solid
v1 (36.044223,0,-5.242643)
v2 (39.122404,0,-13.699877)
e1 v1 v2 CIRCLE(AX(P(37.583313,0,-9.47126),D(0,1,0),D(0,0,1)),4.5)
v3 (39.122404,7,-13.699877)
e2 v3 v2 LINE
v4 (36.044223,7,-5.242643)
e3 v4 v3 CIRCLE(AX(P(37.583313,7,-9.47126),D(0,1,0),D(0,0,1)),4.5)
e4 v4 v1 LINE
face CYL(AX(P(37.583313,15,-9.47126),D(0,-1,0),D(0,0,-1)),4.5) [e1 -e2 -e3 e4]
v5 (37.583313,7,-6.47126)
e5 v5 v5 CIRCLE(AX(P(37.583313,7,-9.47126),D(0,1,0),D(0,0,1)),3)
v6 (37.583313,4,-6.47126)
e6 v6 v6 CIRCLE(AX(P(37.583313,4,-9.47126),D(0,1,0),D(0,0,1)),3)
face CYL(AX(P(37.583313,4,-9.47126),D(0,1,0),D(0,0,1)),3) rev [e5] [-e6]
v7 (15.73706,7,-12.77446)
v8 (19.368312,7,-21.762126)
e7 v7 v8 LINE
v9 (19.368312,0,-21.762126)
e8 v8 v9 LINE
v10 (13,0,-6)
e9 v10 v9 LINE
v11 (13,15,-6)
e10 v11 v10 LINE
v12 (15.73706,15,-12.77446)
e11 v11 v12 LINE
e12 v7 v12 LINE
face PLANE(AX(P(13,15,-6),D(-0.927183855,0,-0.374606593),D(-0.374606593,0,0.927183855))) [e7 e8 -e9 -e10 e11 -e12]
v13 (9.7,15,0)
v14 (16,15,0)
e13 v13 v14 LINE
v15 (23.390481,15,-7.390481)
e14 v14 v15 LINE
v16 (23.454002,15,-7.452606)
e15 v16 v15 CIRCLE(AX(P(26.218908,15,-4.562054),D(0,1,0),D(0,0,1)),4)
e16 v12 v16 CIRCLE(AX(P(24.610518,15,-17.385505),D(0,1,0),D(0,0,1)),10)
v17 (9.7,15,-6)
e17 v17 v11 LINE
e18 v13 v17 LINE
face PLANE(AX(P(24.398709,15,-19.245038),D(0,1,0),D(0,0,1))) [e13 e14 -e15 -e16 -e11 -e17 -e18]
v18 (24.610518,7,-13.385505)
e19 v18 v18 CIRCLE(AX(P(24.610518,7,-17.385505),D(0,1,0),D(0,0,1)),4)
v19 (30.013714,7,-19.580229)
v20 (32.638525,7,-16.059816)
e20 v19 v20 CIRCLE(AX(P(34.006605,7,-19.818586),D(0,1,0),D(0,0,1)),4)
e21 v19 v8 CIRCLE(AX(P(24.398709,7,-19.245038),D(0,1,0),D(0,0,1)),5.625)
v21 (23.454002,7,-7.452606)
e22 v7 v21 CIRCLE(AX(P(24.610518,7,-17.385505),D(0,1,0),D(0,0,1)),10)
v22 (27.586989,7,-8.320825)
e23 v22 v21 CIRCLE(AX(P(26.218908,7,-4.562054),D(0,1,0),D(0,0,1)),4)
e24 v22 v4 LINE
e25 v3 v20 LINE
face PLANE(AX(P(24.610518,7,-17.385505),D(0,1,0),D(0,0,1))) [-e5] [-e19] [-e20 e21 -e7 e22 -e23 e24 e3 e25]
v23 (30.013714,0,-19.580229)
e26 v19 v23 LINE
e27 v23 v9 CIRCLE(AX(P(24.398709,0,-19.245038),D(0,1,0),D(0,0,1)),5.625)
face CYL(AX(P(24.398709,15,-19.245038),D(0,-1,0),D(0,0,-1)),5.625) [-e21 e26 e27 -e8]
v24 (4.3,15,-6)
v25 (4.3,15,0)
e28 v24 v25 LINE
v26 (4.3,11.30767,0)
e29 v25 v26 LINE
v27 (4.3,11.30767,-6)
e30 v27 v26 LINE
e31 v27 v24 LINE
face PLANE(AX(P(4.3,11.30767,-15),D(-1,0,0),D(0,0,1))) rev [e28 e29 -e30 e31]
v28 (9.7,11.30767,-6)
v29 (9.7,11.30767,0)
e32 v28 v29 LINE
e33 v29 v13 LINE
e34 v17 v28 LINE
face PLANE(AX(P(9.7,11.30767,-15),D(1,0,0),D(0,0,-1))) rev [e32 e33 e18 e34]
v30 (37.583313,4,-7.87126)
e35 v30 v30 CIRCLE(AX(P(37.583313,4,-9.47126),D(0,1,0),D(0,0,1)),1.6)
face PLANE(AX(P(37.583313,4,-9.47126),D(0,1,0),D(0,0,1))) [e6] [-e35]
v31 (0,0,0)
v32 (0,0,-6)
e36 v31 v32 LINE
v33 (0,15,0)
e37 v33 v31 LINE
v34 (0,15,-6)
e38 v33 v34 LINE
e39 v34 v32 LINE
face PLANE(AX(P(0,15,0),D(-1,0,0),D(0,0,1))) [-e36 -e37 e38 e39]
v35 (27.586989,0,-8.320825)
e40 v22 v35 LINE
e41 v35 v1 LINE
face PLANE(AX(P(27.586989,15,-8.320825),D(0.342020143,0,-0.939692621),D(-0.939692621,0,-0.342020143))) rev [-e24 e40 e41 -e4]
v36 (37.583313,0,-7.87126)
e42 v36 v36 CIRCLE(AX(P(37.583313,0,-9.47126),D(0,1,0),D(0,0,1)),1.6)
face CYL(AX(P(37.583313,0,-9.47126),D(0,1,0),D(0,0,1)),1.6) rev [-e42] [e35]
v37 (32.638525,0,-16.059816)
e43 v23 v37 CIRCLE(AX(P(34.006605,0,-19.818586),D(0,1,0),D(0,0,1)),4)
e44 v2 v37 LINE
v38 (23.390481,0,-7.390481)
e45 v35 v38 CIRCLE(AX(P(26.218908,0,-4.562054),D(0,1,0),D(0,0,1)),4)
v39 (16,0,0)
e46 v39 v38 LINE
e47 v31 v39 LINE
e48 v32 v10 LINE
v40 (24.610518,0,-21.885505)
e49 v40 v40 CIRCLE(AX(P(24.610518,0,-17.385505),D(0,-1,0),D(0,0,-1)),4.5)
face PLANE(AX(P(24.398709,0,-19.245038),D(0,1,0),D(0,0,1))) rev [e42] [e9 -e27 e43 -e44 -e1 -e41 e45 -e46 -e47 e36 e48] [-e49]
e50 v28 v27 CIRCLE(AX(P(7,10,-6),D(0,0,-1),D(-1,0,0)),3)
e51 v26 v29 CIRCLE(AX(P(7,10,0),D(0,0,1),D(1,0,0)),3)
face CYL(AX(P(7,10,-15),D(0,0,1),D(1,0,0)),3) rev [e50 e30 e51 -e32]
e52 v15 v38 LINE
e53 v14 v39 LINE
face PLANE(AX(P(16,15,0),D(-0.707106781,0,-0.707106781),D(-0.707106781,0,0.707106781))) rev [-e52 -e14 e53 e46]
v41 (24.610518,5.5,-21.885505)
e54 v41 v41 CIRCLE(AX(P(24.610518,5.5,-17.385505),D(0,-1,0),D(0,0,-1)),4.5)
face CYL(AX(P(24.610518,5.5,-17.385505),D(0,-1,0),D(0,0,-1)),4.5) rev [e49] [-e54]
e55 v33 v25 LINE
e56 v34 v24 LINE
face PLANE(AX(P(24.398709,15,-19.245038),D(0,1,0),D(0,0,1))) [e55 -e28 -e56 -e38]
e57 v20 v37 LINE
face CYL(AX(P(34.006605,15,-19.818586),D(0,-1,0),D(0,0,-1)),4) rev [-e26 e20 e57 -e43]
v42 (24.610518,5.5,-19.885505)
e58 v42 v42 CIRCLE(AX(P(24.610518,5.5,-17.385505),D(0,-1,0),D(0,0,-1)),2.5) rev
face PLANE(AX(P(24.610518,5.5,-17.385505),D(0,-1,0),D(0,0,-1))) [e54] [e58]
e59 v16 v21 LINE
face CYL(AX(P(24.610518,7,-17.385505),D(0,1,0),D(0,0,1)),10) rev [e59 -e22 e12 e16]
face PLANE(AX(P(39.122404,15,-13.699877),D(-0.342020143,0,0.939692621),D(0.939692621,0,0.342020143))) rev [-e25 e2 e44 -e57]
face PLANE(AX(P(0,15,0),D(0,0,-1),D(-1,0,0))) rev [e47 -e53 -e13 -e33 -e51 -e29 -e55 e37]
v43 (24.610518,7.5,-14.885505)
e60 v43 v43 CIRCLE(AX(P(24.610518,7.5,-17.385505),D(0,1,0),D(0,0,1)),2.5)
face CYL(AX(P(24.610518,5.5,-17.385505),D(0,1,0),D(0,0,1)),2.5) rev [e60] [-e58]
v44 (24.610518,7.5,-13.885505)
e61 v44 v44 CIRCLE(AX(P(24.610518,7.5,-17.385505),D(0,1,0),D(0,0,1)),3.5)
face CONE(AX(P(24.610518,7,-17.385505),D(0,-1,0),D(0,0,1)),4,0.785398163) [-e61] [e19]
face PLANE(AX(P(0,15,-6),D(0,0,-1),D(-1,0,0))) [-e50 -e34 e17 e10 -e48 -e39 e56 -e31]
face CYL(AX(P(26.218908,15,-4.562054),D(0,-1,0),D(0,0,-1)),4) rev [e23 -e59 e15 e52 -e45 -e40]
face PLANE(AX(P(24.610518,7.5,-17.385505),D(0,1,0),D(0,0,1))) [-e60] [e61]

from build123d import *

# Parameters (mm, degrees)
BOSS_EXTRUDE2_DEPTH = 15
CUT_EXTRUDE2_DEPTH  = 8
SKETCH5_R           = 4
BOSS_EXTRUDE3_DEPTH = 0.5
BOSS_EXTRUDE3_TAPER = 45
SKETCH6_R           = 2.5
CUT_EXTRUDE3_DEPTH  = 2
SKETCH7_R           = 4.5
CUT_EXTRUDE4_DEPTH  = 5.5
CUT_EXTRUDE5_DEPTH  = 15
SKETCH9_R           = 3
CUT_EXTRUDE6_DEPTH  = 3
SKETCH10_R          = 1.6
CUT_EXTRUDE7_DEPTH  = 4


with BuildPart() as part:
    # Sketch1 → Boss-Extrude2 (new body)
    with BuildSketch(Plane(origin=(0, 0, 0), x_dir=(1, 0, 0), z_dir=(0, 1, 0))):
        with BuildLine():
            Line((0, 0), (16, 0))
            Line((16, 0), (23.390481349, 7.390481349))
            ThreePointArc((23.390481349, 7.390481349), (25.353150018, 8.467238253), (27.586989047, 8.320824708))
            Line((27.586989047, 8.320824708), (36.044222635, 5.242643418))
            ThreePointArc((36.044222635, 5.242643418), (41.811930073, 7.932169566), (39.122403924, 13.699877005))
            Line((39.122403924, 13.699877005), (32.638524841, 16.059815994))
            ThreePointArc((32.638524841, 16.059815994), (30.799841796, 17.427631209), (30.013713531, 19.580228745))
            ThreePointArc((30.013713531, 19.580228745), (25.528138256, 24.7554842), (19.368312088, 21.762125528))
            Line((19.368312088, 21.762125528), (13, 6))
            Line((13, 6), (0, 6))
            Line((0, 6), (0, 0))
        make_face()
    extrude(amount=BOSS_EXTRUDE2_DEPTH)

    # Sketch4 → Cut-Extrude2 (cut)
    with BuildSketch(Plane(origin=(0, 15, 0), x_dir=(1, 0, 0), z_dir=(0, 1, 0))):
        with BuildLine():
            Line((27.527056586, 7.82026535), (39.563282013, 1.837894564))
            Line((39.563282013, 1.837894564), (45.039561208, 12.855889478))
            Line((45.039561208, 12.855889478), (34.588386796, 18.050441613))
            ThreePointArc((34.588386796, 18.050441613), (16.380660644, 23.066124632), (27.527056586, 7.82026535))
        make_face()
    extrude(amount=-CUT_EXTRUDE2_DEPTH, mode=Mode.SUBTRACT)

    # Sketch5 → Boss-Extrude3 (add)
    with BuildSketch(Plane(origin=(0, 7, 0), x_dir=(1, 0, 0), z_dir=(0, 1, 0))):
        with Locations((24.610518338, 17.385504743)):
            Circle(SKETCH5_R)
    extrude(amount=BOSS_EXTRUDE3_DEPTH, taper=BOSS_EXTRUDE3_TAPER)

    # Sketch6 → Cut-Extrude3 (cut)
    with BuildSketch(Plane(origin=(0, 7.5, 0), x_dir=(1, 0, 0), z_dir=(0, 1, 0))):
        with Locations((24.610518338, 17.385504743)):
            Circle(SKETCH6_R)
    extrude(amount=-CUT_EXTRUDE3_DEPTH, mode=Mode.SUBTRACT)

    # Sketch7 → Cut-Extrude4 (cut)
    with BuildSketch(Plane.XZ):
        with Locations((24.610518338, -17.385504743)):
            Circle(SKETCH7_R)
    extrude(amount=-CUT_EXTRUDE4_DEPTH, mode=Mode.SUBTRACT)

    # Sketch8 → Cut-Extrude5 (cut)
    with BuildSketch(Plane.XY):
        with BuildLine():
            Line((4.3, 11.307669683), (4.3, 15))
            Line((4.3, 15), (9.7, 15))
            Line((9.7, 15), (9.7, 11.307669683))
            ThreePointArc((9.7, 11.307669683), (7, 7), (4.3, 11.307669683))
        make_face()
    extrude(amount=-CUT_EXTRUDE5_DEPTH, mode=Mode.SUBTRACT)

    # Sketch9 → Cut-Extrude6 (cut)
    with BuildSketch(Plane(origin=(0, 7, 0), x_dir=(1, 0, 0), z_dir=(0, 1, 0))):
        with Locations((37.583313279, 9.471260211)):
            Circle(SKETCH9_R)
    extrude(amount=-CUT_EXTRUDE6_DEPTH, mode=Mode.SUBTRACT)

    # Sketch10 → Cut-Extrude7 (cut)
    with BuildSketch(Plane(origin=(0, 4, 0), x_dir=(1, 0, 0), z_dir=(0, 1, 0))):
        with Locations((37.583313279, 9.471260211)):
            Circle(SKETCH10_R)
    extrude(amount=-CUT_EXTRUDE7_DEPTH, mode=Mode.SUBTRACT)


solid = part.part
